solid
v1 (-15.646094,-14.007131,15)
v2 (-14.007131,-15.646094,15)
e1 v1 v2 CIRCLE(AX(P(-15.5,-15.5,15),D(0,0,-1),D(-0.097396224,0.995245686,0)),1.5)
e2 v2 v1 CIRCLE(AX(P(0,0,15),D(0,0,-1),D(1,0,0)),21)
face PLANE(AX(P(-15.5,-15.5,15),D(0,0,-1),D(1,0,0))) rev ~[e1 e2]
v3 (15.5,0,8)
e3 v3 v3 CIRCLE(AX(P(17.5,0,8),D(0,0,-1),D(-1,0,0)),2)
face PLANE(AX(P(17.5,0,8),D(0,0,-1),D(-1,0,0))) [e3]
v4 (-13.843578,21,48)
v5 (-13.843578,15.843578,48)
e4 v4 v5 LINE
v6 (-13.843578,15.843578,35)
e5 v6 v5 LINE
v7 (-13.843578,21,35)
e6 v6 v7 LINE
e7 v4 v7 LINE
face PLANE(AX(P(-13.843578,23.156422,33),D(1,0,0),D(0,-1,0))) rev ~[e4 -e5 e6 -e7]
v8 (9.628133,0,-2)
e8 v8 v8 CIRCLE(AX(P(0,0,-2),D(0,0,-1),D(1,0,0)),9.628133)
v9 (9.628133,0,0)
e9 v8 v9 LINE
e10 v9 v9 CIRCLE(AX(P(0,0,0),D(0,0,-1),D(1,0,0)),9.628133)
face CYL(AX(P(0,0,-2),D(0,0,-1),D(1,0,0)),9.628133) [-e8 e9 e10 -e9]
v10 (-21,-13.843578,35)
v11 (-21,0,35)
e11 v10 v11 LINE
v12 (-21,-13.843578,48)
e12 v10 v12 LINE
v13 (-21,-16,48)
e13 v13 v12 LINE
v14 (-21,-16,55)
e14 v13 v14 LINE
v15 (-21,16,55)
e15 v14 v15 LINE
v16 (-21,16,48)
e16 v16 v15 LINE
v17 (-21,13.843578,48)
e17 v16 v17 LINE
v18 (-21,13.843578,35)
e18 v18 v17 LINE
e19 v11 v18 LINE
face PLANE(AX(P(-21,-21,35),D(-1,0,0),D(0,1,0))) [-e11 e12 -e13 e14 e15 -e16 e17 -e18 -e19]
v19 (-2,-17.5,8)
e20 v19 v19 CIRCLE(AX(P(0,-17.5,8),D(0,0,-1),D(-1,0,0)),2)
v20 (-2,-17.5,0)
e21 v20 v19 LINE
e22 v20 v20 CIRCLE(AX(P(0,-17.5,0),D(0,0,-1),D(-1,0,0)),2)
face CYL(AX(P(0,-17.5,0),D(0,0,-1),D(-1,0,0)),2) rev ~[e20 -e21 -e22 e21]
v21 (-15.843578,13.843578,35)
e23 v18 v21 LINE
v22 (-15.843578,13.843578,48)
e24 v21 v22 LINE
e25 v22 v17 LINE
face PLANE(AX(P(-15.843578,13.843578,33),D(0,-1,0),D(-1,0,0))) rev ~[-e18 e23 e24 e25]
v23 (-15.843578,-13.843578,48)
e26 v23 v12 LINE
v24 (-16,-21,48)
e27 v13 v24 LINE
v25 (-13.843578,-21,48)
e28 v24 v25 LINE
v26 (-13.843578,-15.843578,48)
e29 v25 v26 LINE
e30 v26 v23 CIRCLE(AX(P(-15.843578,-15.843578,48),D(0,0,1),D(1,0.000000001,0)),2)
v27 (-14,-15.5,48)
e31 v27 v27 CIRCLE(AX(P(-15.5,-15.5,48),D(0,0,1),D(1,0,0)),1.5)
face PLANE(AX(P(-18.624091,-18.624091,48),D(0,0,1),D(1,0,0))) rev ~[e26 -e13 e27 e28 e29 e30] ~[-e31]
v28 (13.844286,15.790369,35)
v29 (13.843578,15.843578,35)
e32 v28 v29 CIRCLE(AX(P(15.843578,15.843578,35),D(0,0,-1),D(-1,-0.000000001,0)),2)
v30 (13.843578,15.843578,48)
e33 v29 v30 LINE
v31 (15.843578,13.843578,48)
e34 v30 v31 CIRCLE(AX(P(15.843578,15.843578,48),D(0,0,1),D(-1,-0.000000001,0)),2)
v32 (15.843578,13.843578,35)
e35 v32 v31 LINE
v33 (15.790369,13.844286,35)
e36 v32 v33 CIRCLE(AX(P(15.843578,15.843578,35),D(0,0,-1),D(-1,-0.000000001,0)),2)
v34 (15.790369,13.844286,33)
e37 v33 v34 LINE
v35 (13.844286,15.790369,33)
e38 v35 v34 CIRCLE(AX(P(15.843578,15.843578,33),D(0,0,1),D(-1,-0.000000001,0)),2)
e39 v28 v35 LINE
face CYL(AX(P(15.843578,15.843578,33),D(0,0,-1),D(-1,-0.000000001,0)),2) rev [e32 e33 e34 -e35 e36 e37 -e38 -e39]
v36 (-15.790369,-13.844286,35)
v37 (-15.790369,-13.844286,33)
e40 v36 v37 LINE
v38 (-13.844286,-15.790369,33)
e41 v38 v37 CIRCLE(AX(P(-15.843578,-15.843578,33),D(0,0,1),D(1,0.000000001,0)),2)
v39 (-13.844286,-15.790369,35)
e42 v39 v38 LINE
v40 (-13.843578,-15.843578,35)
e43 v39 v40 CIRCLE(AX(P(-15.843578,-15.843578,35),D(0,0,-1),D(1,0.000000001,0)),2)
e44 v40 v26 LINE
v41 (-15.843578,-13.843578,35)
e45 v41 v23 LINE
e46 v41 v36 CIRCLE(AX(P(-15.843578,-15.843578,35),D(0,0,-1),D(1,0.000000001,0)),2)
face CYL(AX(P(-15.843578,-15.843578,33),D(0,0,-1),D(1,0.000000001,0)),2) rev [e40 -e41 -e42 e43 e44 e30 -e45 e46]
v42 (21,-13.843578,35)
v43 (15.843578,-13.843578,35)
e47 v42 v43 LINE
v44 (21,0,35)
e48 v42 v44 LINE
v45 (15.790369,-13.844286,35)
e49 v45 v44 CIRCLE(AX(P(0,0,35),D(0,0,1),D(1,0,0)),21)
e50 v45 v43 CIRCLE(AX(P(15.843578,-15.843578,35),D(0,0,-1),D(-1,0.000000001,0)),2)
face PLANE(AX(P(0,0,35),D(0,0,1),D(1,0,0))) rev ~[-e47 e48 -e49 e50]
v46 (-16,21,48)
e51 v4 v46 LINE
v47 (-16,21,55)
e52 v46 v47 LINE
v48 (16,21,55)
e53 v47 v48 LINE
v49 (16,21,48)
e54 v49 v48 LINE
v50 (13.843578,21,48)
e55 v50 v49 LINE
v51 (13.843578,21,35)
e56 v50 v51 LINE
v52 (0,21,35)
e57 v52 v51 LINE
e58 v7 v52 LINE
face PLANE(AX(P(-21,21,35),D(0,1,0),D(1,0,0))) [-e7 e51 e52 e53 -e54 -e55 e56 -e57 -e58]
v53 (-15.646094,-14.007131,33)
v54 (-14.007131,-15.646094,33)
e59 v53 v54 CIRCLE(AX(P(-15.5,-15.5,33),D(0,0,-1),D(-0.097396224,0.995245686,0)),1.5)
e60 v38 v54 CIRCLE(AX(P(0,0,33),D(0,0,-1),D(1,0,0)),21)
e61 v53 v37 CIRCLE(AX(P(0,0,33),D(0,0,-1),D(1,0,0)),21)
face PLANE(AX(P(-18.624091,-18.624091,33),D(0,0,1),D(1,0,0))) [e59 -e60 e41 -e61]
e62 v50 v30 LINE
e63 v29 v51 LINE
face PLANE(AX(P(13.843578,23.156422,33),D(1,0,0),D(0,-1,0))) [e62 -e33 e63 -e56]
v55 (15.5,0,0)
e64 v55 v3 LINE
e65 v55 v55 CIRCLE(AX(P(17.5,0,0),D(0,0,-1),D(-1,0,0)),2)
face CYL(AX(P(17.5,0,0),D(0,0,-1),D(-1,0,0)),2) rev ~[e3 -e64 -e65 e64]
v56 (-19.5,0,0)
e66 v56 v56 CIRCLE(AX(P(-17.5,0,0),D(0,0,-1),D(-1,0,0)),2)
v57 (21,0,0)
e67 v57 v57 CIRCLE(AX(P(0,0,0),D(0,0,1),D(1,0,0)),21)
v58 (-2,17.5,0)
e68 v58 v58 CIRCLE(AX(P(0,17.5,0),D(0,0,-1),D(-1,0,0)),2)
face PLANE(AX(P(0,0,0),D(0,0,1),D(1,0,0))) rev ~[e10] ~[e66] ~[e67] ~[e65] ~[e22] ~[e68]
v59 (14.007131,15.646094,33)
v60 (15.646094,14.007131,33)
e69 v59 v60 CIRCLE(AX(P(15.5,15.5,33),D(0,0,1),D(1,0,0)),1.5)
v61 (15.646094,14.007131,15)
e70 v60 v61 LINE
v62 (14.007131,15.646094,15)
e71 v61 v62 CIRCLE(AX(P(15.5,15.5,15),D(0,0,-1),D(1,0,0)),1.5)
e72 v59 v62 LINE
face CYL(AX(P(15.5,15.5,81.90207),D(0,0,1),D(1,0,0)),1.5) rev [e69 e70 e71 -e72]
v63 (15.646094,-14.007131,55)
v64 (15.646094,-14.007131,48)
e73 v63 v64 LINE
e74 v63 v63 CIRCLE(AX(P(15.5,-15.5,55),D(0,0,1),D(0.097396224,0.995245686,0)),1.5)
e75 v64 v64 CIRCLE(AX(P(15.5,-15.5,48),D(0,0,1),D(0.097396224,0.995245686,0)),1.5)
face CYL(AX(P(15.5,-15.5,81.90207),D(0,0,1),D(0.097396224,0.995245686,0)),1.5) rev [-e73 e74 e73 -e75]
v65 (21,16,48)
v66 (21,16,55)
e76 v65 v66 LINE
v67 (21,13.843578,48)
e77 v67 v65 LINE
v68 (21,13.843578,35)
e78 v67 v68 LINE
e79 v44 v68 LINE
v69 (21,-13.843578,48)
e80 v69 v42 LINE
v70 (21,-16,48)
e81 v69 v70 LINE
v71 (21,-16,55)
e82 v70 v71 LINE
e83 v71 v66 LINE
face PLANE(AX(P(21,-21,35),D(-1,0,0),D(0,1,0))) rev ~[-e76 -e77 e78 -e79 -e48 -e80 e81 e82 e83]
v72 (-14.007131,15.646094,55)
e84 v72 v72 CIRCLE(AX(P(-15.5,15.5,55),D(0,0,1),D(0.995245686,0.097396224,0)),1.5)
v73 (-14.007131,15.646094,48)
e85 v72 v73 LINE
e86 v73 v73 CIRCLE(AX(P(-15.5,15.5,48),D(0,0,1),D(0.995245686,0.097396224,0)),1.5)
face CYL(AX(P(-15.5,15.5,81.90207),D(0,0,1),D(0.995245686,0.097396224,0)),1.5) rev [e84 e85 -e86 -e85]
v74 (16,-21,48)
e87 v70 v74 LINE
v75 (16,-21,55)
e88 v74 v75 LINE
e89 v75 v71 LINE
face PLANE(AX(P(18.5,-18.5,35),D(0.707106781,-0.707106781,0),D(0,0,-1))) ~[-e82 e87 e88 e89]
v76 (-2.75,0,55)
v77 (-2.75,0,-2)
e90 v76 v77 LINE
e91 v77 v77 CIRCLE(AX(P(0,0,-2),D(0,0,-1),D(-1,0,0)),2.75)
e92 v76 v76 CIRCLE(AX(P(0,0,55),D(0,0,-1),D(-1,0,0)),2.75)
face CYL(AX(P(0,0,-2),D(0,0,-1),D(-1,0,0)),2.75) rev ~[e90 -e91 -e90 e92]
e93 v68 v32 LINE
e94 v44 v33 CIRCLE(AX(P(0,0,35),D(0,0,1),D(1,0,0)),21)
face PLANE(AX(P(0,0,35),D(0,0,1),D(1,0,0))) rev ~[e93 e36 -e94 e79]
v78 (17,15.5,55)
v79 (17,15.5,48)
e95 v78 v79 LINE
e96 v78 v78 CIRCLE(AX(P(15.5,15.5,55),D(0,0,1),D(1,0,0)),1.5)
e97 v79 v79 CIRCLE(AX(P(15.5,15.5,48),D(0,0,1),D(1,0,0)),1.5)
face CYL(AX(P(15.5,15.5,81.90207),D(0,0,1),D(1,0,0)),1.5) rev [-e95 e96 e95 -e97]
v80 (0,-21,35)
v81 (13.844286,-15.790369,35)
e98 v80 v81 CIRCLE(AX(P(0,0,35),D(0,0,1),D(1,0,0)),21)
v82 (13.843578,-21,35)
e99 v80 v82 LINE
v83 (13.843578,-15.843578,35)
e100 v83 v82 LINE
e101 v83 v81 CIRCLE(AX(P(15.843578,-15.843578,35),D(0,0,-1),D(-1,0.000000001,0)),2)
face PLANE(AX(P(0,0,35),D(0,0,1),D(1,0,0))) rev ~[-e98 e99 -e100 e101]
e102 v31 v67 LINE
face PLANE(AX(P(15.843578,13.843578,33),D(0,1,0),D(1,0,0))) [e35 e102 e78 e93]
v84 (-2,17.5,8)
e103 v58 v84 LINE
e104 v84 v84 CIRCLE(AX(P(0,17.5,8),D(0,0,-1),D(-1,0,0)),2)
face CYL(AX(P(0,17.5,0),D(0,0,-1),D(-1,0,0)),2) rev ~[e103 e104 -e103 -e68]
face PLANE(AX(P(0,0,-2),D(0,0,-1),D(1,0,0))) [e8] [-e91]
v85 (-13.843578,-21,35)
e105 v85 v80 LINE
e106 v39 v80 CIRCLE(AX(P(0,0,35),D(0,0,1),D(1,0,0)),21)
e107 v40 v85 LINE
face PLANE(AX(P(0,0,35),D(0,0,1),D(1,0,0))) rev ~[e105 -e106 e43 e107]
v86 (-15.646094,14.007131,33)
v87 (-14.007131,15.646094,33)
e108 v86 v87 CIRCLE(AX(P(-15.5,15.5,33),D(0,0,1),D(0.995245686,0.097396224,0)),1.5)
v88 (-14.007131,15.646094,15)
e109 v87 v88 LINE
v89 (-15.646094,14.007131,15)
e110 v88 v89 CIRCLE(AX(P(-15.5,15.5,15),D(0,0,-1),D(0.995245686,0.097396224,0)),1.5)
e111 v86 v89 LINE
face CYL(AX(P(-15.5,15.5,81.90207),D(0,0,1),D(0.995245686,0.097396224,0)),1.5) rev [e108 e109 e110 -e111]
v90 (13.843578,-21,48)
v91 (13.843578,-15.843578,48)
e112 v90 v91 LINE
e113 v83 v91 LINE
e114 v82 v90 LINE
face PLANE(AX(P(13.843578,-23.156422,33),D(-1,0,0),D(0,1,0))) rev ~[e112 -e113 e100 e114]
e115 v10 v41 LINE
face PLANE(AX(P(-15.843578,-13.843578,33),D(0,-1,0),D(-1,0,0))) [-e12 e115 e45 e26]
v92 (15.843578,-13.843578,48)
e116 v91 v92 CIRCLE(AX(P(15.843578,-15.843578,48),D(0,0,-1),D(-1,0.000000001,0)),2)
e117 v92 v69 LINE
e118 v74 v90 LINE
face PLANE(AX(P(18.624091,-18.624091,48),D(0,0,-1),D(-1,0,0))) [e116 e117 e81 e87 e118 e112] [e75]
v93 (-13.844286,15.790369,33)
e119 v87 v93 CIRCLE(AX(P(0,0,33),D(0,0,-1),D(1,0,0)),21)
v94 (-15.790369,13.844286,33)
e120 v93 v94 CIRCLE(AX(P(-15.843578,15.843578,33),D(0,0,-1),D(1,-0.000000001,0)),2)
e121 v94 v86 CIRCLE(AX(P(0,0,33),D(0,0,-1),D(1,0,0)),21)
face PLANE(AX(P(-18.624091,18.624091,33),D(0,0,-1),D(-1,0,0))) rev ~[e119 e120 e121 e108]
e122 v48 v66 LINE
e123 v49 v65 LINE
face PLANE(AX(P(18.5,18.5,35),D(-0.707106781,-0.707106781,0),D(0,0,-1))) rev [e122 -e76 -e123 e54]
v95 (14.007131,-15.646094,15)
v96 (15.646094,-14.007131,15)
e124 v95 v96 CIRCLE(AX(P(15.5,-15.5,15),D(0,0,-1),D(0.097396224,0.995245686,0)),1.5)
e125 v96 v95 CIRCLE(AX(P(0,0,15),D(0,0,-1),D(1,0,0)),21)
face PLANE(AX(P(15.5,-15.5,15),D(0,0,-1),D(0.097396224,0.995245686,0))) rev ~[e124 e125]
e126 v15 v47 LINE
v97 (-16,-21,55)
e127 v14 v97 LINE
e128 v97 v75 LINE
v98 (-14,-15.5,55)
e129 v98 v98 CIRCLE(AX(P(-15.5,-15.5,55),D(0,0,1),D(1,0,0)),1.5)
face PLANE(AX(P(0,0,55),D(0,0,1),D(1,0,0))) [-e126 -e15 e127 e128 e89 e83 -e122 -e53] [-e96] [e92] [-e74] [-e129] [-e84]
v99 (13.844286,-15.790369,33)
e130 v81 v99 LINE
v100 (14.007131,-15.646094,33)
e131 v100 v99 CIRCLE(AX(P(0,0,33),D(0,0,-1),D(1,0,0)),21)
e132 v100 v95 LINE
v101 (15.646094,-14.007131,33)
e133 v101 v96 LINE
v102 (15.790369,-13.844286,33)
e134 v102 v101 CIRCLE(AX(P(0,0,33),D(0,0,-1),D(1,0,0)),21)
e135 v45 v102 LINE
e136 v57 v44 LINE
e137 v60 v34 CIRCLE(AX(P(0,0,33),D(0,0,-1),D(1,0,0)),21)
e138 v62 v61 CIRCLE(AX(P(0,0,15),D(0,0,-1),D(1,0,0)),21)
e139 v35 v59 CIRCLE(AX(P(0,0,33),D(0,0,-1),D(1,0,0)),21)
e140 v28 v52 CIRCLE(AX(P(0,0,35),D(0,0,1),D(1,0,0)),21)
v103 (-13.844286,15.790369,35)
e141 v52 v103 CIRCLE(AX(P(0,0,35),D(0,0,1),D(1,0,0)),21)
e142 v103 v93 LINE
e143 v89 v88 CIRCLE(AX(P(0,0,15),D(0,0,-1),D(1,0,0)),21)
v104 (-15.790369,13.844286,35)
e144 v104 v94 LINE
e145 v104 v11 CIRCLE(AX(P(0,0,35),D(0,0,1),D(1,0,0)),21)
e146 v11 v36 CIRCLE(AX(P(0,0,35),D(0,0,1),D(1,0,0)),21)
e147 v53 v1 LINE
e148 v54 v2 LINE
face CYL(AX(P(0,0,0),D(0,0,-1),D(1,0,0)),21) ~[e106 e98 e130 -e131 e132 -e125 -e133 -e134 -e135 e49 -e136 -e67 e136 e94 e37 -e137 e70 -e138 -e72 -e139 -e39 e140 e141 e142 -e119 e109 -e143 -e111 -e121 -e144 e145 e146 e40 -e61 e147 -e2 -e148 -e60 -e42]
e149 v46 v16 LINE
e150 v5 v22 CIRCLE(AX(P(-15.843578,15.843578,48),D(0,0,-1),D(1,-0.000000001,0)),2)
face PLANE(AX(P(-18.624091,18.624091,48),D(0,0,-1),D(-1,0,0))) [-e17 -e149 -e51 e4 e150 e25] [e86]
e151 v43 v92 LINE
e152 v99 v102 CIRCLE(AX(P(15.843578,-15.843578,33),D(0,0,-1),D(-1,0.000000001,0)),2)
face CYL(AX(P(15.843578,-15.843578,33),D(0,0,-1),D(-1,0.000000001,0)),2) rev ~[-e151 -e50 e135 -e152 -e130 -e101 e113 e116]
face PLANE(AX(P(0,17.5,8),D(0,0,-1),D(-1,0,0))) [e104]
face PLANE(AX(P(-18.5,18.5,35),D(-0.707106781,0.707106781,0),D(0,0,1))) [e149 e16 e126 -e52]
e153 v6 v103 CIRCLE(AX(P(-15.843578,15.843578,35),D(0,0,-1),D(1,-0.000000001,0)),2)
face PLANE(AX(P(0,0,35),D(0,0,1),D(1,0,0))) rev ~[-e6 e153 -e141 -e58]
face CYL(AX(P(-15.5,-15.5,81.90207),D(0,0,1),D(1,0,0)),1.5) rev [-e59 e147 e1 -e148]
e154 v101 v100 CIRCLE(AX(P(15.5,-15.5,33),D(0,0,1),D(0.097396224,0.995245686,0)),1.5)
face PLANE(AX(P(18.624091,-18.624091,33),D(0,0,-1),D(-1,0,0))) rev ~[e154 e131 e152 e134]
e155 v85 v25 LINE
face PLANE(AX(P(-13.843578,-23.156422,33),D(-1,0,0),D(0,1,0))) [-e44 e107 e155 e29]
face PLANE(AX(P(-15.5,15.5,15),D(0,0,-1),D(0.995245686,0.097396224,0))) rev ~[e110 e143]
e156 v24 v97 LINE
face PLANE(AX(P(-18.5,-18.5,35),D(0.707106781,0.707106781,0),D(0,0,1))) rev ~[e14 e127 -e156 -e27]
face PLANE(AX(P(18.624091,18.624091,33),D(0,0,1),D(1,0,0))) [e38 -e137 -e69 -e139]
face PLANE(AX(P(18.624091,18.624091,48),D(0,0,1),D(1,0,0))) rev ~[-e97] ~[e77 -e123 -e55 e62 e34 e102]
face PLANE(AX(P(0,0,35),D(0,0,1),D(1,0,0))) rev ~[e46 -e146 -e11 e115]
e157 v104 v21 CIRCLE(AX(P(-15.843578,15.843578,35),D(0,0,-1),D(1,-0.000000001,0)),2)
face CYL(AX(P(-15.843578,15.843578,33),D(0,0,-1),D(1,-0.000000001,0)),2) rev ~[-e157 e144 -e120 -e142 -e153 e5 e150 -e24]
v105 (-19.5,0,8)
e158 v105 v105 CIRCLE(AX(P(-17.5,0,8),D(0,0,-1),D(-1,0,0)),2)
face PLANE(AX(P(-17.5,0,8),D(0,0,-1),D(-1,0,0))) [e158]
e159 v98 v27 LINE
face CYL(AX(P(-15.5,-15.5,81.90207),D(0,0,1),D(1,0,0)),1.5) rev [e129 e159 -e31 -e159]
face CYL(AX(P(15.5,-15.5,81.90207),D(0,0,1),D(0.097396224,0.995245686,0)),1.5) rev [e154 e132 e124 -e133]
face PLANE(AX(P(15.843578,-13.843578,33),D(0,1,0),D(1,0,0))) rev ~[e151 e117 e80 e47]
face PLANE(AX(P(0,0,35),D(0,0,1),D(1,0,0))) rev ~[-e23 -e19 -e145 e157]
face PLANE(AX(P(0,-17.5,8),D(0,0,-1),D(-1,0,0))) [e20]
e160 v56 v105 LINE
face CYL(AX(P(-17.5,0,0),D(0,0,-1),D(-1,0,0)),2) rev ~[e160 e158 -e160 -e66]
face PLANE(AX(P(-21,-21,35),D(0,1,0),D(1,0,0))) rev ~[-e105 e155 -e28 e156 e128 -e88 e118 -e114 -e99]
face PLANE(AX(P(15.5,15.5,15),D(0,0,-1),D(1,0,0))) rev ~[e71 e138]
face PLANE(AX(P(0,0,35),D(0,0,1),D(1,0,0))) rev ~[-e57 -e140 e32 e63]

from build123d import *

# Parameters (mm, degrees)
SKETCH2_R               = 21
BOSS_EXTRUDE1_DEPTH     = 35
SKETCH3_W               = 42
SKETCH3_H               = 42
BOSS_EXTRUDE2_DEPTH     = 20
CHAMFER1_SIZE           = 5
CUT_EXTRUDE1_DEPTH      = 20
CUT_EXTRUDE1_DEPTH_BACK = 46.90206967
SKETCH4_R               = 1.5
CUT_EXTRUDE2_START      = 2
CUT_EXTRUDE2_DEPTH      = 15
SKETCH6_R               = 2.75
CUT_EXTRUDE3_DEPTH      = 63.505999712
SKETCH8_R               = 2
CUT_EXTRUDE4_DEPTH      = 8
BOSS_EXTRUDE3_START     = 2
SKETCH9_R               = 9.628132553
SKETCH9_R_2             = 2.75
BOSS_EXTRUDE3_DEPTH     = 2


with BuildPart() as part:
    # Sketch2 → Boss-Extrude1 (new body)
    with BuildSketch(Plane.XY):
        Circle(SKETCH2_R)
    extrude(amount=BOSS_EXTRUDE1_DEPTH)

    # Sketch3 → Boss-Extrude2 (add)
    with BuildSketch(Plane.XY.offset(35)):
        Rectangle(SKETCH3_W, SKETCH3_H)
    extrude(amount=BOSS_EXTRUDE2_DEPTH)

    # Chamfer1
    chamfer1_edges = [part.edges().sort_by_distance(p)[0] for p in [
        (-21, -21, 45),
        (21, -21, 45),
        (21, 21, 45),
        (-21, 21, 45),
    ]]
    chamfer(chamfer1_edges, length=CHAMFER1_SIZE)

    # Sketch4 → Cut-Extrude1 (cut, two sides: drawn at the far end of the back side and taken through both)
    with BuildSketch(Plane(origin=(0, 0, 35), x_dir=(-1, 0, 0), z_dir=(0, 0, -1)).offset(-CUT_EXTRUDE1_DEPTH_BACK)):
        with Locations(Location((15.5, 15.5, 0), (0, 0, 174.410746944))):
            Circle(SKETCH4_R)
        with Locations(Location((-15.5, 15.5, 0), (0, 0, 180))):
            Circle(SKETCH4_R)
        with Locations(Location((15.5, -15.5, 0), (0, 0, 180))):
            Circle(SKETCH4_R)
        with Locations(Location((-15.5, -15.5, 0), (0, 0, 95.589253056))):
            Circle(SKETCH4_R)
    extrude(amount=CUT_EXTRUDE1_DEPTH + CUT_EXTRUDE1_DEPTH_BACK, mode=Mode.SUBTRACT)

    # Sketch5 → Cut-Extrude2 (cut)
    with BuildSketch(Plane(origin=(0, 0, 35), x_dir=(-1, 0, 0), z_dir=(0, 0, -1)).offset(CUT_EXTRUDE2_START)):
        with BuildLine():
            Line((15.843578324, 13.843578324), (23.156421676, 13.843578324))
            Line((23.156421676, 13.843578324), (23.156421676, 23.156421676))
            Line((23.156421676, 23.156421676), (13.843578324, 23.156421676))
            Line((13.843578324, 23.156421676), (13.843578324, 15.843578324))
            ThreePointArc((13.843578324, 15.843578324), (14.429364762, 14.429364762), (15.843578324, 13.843578324))
        make_face()
        with BuildLine():
            Line((23.156421676, -13.843578324), (23.156421676, -23.156421676))
            Line((23.156421676, -23.156421676), (13.843578324, -23.156421676))
            Line((13.843578324, -23.156421676), (13.843578324, -15.843578324))
            ThreePointArc((13.843578324, -15.843578324), (14.429364762, -14.429364762), (15.843578324, -13.843578324))
            Line((15.843578324, -13.843578324), (23.156421676, -13.843578324))
        make_face()
        with BuildLine():
            Line((-23.156421676, 13.843578324), (-23.156421676, 23.156421676))
            Line((-23.156421676, 23.156421676), (-13.843578324, 23.156421676))
            Line((-13.843578324, 23.156421676), (-13.843578324, 15.843578324))
            ThreePointArc((-13.843578324, 15.843578324), (-14.429364762, 14.429364762), (-15.843578324, 13.843578324))
            Line((-15.843578324, 13.843578324), (-23.156421676, 13.843578324))
        make_face()
        with BuildLine():
            Line((-15.843578324, -13.843578324), (-23.156421676, -13.843578324))
            Line((-23.156421676, -13.843578324), (-23.156421676, -23.156421676))
            Line((-23.156421676, -23.156421676), (-13.843578324, -23.156421676))
            Line((-13.843578324, -23.156421676), (-13.843578324, -15.843578324))
            ThreePointArc((-13.843578324, -15.843578324), (-14.429364762, -14.429364762), (-15.843578324, -13.843578324))
        make_face()
    extrude(amount=-CUT_EXTRUDE2_DEPTH, mode=Mode.SUBTRACT)

    # Sketch6 → Cut-Extrude3 (cut, through all)
    with BuildSketch(Plane(origin=(0, 0, 0), x_dir=(-1, 0, 0), z_dir=(0, 0, -1))):
        Circle(SKETCH6_R)
    extrude(amount=-CUT_EXTRUDE3_DEPTH, mode=Mode.SUBTRACT)

    # Sketch8 → Cut-Extrude4 (cut)
    with BuildSketch(Plane(origin=(0, 0, 0), x_dir=(-1, 0, 0), z_dir=(0, 0, -1))):
        with Locations((0, 17.5)):
            Circle(SKETCH8_R)
        with Locations((17.5, 0)):
            Circle(SKETCH8_R)
        with Locations((0, -17.5)):
            Circle(SKETCH8_R)
        with Locations((-17.5, 0)):
            Circle(SKETCH8_R)
    extrude(amount=-CUT_EXTRUDE4_DEPTH, mode=Mode.SUBTRACT)

    # Sketch9 → Boss-Extrude3 (add)
    with BuildSketch(Plane(origin=(0, 0, 0), x_dir=(-1, 0, 0), z_dir=(0, 0, -1)).offset(BOSS_EXTRUDE3_START)):
        with Locations(Location((0, 0, 0), (0, 0, 180))):
            Circle(SKETCH9_R)
        Circle(SKETCH9_R_2, mode=Mode.SUBTRACT)
    extrude(amount=-BOSS_EXTRUDE3_DEPTH)


solid = part.part
